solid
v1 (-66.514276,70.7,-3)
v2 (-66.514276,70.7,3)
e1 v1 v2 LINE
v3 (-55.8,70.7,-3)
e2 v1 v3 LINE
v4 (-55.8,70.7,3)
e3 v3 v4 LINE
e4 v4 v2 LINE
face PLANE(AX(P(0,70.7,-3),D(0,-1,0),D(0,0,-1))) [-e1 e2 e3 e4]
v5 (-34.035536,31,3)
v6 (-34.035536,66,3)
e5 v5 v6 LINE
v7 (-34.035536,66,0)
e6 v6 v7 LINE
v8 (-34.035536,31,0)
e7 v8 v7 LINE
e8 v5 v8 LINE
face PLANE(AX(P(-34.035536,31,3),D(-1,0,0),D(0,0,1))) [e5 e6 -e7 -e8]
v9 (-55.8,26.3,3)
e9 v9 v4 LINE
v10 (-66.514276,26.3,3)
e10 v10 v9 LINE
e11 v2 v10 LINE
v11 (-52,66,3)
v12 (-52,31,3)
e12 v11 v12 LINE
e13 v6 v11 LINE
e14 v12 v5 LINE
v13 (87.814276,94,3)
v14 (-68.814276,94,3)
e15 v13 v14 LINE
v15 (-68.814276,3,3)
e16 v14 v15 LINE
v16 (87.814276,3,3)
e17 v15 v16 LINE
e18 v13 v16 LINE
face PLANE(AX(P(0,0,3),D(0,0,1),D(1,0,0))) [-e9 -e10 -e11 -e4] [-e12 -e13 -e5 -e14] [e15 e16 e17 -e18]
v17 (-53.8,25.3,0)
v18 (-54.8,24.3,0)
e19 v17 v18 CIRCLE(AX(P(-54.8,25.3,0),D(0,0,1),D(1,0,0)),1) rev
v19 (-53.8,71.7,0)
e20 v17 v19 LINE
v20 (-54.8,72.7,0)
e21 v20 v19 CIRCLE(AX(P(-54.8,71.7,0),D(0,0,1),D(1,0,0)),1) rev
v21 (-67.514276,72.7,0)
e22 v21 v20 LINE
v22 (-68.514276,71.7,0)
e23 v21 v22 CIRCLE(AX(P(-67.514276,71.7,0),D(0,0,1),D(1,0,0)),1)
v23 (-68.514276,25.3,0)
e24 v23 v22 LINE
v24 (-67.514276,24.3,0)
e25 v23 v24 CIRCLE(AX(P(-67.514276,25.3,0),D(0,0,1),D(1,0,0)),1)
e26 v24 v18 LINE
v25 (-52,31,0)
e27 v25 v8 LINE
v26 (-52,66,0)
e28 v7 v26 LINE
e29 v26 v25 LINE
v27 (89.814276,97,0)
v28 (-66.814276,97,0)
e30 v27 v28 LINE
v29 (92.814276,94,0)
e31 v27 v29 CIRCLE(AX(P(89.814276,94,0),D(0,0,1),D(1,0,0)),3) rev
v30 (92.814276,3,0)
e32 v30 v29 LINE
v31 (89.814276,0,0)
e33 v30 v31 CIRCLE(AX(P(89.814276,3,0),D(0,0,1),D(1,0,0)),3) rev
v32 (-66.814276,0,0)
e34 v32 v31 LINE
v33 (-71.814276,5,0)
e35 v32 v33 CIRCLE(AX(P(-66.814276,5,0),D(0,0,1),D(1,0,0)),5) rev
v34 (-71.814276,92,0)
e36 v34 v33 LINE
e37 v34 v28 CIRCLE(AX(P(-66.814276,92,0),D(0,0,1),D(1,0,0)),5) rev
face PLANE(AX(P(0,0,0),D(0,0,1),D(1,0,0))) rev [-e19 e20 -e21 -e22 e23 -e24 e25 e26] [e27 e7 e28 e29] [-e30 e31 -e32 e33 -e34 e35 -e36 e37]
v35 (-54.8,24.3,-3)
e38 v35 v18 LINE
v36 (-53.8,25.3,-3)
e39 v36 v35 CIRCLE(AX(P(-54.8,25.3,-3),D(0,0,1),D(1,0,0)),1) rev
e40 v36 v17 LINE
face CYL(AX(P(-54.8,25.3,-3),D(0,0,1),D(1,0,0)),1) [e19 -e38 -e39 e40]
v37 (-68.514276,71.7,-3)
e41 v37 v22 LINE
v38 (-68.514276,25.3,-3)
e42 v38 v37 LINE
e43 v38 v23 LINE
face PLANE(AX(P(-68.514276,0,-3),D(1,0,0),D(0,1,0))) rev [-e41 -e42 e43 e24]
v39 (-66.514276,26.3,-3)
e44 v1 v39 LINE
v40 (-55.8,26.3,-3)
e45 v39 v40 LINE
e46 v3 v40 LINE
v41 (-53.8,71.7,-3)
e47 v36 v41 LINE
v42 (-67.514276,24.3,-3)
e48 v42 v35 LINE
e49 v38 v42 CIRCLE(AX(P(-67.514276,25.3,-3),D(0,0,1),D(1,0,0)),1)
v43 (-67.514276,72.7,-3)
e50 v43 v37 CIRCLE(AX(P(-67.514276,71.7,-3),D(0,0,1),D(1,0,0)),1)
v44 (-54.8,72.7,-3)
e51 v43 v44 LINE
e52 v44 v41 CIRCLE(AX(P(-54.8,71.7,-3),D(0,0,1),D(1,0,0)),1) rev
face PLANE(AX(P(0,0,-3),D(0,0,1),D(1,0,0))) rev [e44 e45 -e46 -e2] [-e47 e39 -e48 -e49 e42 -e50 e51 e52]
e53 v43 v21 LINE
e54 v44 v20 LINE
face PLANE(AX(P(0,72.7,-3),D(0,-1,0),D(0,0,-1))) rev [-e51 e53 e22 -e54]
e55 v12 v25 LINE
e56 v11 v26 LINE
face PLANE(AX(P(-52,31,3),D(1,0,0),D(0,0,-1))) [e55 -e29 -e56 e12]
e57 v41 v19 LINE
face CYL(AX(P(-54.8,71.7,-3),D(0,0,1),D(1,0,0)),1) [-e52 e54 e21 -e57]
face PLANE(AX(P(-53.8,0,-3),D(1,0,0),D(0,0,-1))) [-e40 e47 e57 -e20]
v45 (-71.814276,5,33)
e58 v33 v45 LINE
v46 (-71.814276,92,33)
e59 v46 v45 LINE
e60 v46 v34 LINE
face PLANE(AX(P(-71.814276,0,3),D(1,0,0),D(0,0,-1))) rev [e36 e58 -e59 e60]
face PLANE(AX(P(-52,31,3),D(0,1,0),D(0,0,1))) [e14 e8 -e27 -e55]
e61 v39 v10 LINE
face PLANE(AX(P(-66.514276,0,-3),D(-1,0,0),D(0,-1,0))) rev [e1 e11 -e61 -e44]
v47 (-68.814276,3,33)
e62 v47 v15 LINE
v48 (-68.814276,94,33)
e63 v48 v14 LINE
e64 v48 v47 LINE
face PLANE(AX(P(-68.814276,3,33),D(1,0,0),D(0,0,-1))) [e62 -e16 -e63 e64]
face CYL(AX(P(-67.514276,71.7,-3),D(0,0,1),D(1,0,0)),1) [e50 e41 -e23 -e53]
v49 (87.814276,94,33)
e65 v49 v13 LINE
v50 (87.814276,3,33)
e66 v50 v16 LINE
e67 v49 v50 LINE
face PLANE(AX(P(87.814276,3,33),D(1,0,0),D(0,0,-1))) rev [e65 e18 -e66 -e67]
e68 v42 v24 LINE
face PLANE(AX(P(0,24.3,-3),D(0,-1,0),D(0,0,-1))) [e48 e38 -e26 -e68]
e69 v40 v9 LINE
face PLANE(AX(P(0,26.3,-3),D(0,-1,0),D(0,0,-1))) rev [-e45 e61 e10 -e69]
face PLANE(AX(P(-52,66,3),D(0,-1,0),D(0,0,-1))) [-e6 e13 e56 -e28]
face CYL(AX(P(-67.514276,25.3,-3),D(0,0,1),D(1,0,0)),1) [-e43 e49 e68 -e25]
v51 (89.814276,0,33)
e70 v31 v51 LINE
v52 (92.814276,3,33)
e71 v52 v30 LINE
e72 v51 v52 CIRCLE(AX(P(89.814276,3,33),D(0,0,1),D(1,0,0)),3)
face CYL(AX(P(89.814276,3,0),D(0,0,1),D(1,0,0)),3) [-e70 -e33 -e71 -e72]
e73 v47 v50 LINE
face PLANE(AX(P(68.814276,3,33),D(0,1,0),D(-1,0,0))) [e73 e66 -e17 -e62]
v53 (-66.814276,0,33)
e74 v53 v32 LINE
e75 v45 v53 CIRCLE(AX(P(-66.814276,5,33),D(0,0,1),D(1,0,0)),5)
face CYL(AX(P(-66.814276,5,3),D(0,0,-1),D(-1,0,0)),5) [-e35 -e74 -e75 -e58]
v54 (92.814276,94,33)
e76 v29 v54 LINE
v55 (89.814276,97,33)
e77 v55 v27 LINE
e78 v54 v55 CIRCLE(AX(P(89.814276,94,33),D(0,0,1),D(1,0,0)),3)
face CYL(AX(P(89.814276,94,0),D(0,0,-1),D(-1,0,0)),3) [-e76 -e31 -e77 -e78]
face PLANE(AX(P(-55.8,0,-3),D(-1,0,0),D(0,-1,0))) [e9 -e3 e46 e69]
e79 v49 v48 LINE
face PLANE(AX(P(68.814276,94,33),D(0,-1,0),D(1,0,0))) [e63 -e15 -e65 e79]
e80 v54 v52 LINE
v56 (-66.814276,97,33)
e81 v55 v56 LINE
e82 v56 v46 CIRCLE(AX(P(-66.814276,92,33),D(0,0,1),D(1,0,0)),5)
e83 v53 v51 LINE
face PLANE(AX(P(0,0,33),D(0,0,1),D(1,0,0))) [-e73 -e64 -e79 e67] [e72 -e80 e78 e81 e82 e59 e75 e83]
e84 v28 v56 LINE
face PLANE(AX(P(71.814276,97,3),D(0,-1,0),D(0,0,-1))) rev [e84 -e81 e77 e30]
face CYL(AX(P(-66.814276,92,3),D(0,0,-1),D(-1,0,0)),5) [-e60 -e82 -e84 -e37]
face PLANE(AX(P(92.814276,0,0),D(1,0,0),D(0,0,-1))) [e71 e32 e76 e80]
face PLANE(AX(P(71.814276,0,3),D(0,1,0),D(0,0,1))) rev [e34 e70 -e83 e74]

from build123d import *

# Parameters (mm, degrees)
CROQUIS1_W                = 10.714275766
CROQUIS1_H                = 44.4
SALIENTE_EXTRUIR1_DEPTH   = 3
SALIENTE_EXTRUIR1_2_DEPTH = 3
CROQUIS2_W                = 143.628551532
CROQUIS2_H                = 97
CROQUIS2_W_2              = 17.964463827
CROQUIS2_H_2              = 35
CROQUIS2_W_3              = 10.714275766
CROQUIS2_H_3              = 44.4
SALIENTE_EXTRUIR2_DEPTH   = 3
CROQUIS3_W                = 143.628551532
CROQUIS3_H                = 97
CROQUIS3_W_2              = 137.628551532
CROQUIS3_H_2              = 91
SALIENTE_EXTRUIR3_DEPTH   = 30
REDONDEO1_R               = 5
CROQUIS4_W                = 35.073435796
CROQUIS4_H                = 97.224073942
CORTAR_EXTRUIR1_DEPTH     = 5
CORTAR_EXTRUIR2_START     = -3
CROQUIS6_W                = 10.714275766
CROQUIS6_H                = 44.4
CORTAR_EXTRUIR2_DEPTH     = 3
CROQUIS7_W                = 3
CROQUIS7_H                = 44.4
SALIENTE_EXTRUIR4_DEPTH   = 11
SALIENTE_EXTRUIR5_DEPTH   = 26
CROQUIS9_W                = 5
CROQUIS9_H                = 91
SALIENTE_EXTRUIR6_DEPTH   = 30
REDONDEO2_R               = 3


with BuildPart() as part:
    # Croquis1 → Saliente-Extruir1 (new body)
    with BuildSketch(Plane.XY):
        with BuildLine():
            ThreePointArc((-54.8, 72.7), (-54.092893219, 72.407106781), (-53.8, 71.7))
            Line((-53.8, 71.7), (-53.8, 25.3))
            ThreePointArc((-53.8, 25.3), (-54.092893219, 24.592893219), (-54.8, 24.3))
            Line((-54.8, 24.3), (-67.514275766, 24.3))
            ThreePointArc((-67.514275766, 24.3), (-68.221382548, 24.592893219), (-68.514275766, 25.3))
            Line((-68.514275766, 25.3), (-68.514275766, 71.7))
            ThreePointArc((-68.514275766, 71.7), (-68.221382548, 72.407106781), (-67.514275766, 72.7))
            Line((-67.514275766, 72.7), (-54.8, 72.7))
        make_face()
        with Locations((-61.157137883, 48.5)):
            Rectangle(CROQUIS1_W, CROQUIS1_H, mode=Mode.SUBTRACT)
    extrude(amount=-SALIENTE_EXTRUIR1_DEPTH)



with BuildPart() as body_2:
    # Croquis1 → Saliente-Extruir1 2 (new body)
    with BuildSketch(Plane.XY):
        with BuildLine():
            ThreePointArc((68.514275766, 25.3), (68.221382548, 24.592893219), (67.514275766, 24.3))
            Line((67.514275766, 24.3), (54.8, 24.3))
            ThreePointArc((54.8, 24.3), (54.092893219, 24.592893219), (53.8, 25.3))
            Line((53.8, 25.3), (53.8, 71.7))
            ThreePointArc((53.8, 71.7), (54.092893219, 72.407106781), (54.8, 72.7))
            Line((54.8, 72.7), (67.514275766, 72.7))
            ThreePointArc((67.514275766, 72.7), (68.221382548, 72.407106781), (68.514275766, 71.7))
            Line((68.514275766, 71.7), (68.514275766, 25.3))
        make_face()
        with Locations((61.157137883, 48.5)):
            Rectangle(CROQUIS1_W, CROQUIS1_H, mode=Mode.SUBTRACT)
    extrude(amount=-SALIENTE_EXTRUIR1_2_DEPTH)


with BuildPart() as part_1:
    add(part.part)

    add(body_2.part)  # Saliente-Extruir2 merges body 2
    # Croquis2 → Saliente-Extruir2 (add)
    with BuildSketch(Plane.XY):
        with Locations((0, 48.5)):
            Rectangle(CROQUIS2_W, CROQUIS2_H)
        with Locations((-43.017768086, 48.5)):
            Rectangle(CROQUIS2_W_2, CROQUIS2_H_2, mode=Mode.SUBTRACT)
        with Locations((61.157137883, 48.5)):
            Rectangle(CROQUIS2_W_3, CROQUIS2_H_3, mode=Mode.SUBTRACT)
        with Locations((-61.157137883, 48.5)):
            Rectangle(CROQUIS2_W_3, CROQUIS2_H_3, mode=Mode.SUBTRACT)
    extrude(amount=SALIENTE_EXTRUIR2_DEPTH)

    # Croquis3 → Saliente-Extruir3 (add)
    with BuildSketch(Plane.XY.offset(3)):
        with Locations((0, 48.5)):
            Rectangle(CROQUIS3_W, CROQUIS3_H)
        with Locations((0, 48.5)):
            Rectangle(CROQUIS3_W_2, CROQUIS3_H_2, mode=Mode.SUBTRACT)
    extrude(amount=SALIENTE_EXTRUIR3_DEPTH)

    # Redondeo1
    redondeo1_edges = [part_1.edges().sort_by_distance(p)[0] for p in [
        (71.814275766, 0, 16.5),
        (71.814275766, 97, 16.5),
        (-71.814275766, 97, 16.5),
        (-71.814275766, 0, 16.5),
    ]]
    fillet(redondeo1_edges, radius=REDONDEO1_R)

    # Croquis4 → Cortar-Extruir1 (cut)
    with BuildSketch(Plane(origin=(71.814275766, 0, 0), x_dir=(0, 0, -1), z_dir=(1, 0, 0))):
        with Locations((-17.536717898, 48.612036971)):
            Rectangle(CROQUIS4_W, CROQUIS4_H)
    extrude(amount=-CORTAR_EXTRUIR1_DEPTH, mode=Mode.SUBTRACT)

    # Croquis6 → Cortar-Extruir2 (cut)
    with BuildSketch(Plane(origin=(0, 0, -3), x_dir=(-1, 0, 0), z_dir=(0, 0, -1)).offset(CORTAR_EXTRUIR2_START)):
        with BuildLine():
            Line((-67.514275766, 24.3), (-54.8, 24.3))
            ThreePointArc((-54.8, 24.3), (-54.092893219, 24.592893219), (-53.8, 25.3))
            Line((-53.8, 25.3), (-53.8, 71.7))
            ThreePointArc((-53.8, 71.7), (-54.092893219, 72.407106781), (-54.8, 72.7))
            Line((-54.8, 72.7), (-67.514275766, 72.7))
            ThreePointArc((-67.514275766, 72.7), (-68.221382548, 72.407106781), (-68.514275766, 71.7))
            Line((-68.514275766, 71.7), (-68.514275766, 25.3))
            ThreePointArc((-68.514275766, 25.3), (-68.221382548, 24.592893219), (-67.514275766, 24.3))
        make_face()
        with Locations((-61.157137883, 48.5)):
            Rectangle(CROQUIS6_W, CROQUIS6_H, mode=Mode.SUBTRACT)
    extrude(amount=CORTAR_EXTRUIR2_DEPTH, mode=Mode.SUBTRACT)

    # Croquis7 → Saliente-Extruir4 (add)
    with BuildSketch(Plane(origin=(55.8, 0, 0), x_dir=(0, 0, -1), z_dir=(1, 0, 0))):
        with Locations((-1.5, 48.5)):
            Rectangle(CROQUIS7_W, CROQUIS7_H)
    extrude(amount=SALIENTE_EXTRUIR4_DEPTH)

    # Croquis8 → Saliente-Extruir5 (add)
    with BuildSketch(Plane(origin=(66.814275766, 0, 0), x_dir=(0, 0, -1), z_dir=(1, 0, 0))):
        Polygon((-33, 0), (0, 0), (0, 97), (-33, 97), (-33, 94), (-3, 94), (-3, 3), (-33, 3), align=None)
    extrude(amount=SALIENTE_EXTRUIR5_DEPTH)

    # Croquis9 → Saliente-Extruir6 (add)
    with BuildSketch(Plane.XY.offset(3)):
        with Locations((90.314275766, 48.5)):
            Rectangle(CROQUIS9_W, CROQUIS9_H)
    extrude(amount=SALIENTE_EXTRUIR6_DEPTH)

    # Redondeo2
    redondeo2_edges = [part_1.edges().sort_by_distance(p)[0] for p in [
        (92.814275766, 0, 16.5),
        (92.814275766, 97, 16.5),
    ]]
    fillet(redondeo2_edges, radius=REDONDEO2_R)


solid = part_1.part
